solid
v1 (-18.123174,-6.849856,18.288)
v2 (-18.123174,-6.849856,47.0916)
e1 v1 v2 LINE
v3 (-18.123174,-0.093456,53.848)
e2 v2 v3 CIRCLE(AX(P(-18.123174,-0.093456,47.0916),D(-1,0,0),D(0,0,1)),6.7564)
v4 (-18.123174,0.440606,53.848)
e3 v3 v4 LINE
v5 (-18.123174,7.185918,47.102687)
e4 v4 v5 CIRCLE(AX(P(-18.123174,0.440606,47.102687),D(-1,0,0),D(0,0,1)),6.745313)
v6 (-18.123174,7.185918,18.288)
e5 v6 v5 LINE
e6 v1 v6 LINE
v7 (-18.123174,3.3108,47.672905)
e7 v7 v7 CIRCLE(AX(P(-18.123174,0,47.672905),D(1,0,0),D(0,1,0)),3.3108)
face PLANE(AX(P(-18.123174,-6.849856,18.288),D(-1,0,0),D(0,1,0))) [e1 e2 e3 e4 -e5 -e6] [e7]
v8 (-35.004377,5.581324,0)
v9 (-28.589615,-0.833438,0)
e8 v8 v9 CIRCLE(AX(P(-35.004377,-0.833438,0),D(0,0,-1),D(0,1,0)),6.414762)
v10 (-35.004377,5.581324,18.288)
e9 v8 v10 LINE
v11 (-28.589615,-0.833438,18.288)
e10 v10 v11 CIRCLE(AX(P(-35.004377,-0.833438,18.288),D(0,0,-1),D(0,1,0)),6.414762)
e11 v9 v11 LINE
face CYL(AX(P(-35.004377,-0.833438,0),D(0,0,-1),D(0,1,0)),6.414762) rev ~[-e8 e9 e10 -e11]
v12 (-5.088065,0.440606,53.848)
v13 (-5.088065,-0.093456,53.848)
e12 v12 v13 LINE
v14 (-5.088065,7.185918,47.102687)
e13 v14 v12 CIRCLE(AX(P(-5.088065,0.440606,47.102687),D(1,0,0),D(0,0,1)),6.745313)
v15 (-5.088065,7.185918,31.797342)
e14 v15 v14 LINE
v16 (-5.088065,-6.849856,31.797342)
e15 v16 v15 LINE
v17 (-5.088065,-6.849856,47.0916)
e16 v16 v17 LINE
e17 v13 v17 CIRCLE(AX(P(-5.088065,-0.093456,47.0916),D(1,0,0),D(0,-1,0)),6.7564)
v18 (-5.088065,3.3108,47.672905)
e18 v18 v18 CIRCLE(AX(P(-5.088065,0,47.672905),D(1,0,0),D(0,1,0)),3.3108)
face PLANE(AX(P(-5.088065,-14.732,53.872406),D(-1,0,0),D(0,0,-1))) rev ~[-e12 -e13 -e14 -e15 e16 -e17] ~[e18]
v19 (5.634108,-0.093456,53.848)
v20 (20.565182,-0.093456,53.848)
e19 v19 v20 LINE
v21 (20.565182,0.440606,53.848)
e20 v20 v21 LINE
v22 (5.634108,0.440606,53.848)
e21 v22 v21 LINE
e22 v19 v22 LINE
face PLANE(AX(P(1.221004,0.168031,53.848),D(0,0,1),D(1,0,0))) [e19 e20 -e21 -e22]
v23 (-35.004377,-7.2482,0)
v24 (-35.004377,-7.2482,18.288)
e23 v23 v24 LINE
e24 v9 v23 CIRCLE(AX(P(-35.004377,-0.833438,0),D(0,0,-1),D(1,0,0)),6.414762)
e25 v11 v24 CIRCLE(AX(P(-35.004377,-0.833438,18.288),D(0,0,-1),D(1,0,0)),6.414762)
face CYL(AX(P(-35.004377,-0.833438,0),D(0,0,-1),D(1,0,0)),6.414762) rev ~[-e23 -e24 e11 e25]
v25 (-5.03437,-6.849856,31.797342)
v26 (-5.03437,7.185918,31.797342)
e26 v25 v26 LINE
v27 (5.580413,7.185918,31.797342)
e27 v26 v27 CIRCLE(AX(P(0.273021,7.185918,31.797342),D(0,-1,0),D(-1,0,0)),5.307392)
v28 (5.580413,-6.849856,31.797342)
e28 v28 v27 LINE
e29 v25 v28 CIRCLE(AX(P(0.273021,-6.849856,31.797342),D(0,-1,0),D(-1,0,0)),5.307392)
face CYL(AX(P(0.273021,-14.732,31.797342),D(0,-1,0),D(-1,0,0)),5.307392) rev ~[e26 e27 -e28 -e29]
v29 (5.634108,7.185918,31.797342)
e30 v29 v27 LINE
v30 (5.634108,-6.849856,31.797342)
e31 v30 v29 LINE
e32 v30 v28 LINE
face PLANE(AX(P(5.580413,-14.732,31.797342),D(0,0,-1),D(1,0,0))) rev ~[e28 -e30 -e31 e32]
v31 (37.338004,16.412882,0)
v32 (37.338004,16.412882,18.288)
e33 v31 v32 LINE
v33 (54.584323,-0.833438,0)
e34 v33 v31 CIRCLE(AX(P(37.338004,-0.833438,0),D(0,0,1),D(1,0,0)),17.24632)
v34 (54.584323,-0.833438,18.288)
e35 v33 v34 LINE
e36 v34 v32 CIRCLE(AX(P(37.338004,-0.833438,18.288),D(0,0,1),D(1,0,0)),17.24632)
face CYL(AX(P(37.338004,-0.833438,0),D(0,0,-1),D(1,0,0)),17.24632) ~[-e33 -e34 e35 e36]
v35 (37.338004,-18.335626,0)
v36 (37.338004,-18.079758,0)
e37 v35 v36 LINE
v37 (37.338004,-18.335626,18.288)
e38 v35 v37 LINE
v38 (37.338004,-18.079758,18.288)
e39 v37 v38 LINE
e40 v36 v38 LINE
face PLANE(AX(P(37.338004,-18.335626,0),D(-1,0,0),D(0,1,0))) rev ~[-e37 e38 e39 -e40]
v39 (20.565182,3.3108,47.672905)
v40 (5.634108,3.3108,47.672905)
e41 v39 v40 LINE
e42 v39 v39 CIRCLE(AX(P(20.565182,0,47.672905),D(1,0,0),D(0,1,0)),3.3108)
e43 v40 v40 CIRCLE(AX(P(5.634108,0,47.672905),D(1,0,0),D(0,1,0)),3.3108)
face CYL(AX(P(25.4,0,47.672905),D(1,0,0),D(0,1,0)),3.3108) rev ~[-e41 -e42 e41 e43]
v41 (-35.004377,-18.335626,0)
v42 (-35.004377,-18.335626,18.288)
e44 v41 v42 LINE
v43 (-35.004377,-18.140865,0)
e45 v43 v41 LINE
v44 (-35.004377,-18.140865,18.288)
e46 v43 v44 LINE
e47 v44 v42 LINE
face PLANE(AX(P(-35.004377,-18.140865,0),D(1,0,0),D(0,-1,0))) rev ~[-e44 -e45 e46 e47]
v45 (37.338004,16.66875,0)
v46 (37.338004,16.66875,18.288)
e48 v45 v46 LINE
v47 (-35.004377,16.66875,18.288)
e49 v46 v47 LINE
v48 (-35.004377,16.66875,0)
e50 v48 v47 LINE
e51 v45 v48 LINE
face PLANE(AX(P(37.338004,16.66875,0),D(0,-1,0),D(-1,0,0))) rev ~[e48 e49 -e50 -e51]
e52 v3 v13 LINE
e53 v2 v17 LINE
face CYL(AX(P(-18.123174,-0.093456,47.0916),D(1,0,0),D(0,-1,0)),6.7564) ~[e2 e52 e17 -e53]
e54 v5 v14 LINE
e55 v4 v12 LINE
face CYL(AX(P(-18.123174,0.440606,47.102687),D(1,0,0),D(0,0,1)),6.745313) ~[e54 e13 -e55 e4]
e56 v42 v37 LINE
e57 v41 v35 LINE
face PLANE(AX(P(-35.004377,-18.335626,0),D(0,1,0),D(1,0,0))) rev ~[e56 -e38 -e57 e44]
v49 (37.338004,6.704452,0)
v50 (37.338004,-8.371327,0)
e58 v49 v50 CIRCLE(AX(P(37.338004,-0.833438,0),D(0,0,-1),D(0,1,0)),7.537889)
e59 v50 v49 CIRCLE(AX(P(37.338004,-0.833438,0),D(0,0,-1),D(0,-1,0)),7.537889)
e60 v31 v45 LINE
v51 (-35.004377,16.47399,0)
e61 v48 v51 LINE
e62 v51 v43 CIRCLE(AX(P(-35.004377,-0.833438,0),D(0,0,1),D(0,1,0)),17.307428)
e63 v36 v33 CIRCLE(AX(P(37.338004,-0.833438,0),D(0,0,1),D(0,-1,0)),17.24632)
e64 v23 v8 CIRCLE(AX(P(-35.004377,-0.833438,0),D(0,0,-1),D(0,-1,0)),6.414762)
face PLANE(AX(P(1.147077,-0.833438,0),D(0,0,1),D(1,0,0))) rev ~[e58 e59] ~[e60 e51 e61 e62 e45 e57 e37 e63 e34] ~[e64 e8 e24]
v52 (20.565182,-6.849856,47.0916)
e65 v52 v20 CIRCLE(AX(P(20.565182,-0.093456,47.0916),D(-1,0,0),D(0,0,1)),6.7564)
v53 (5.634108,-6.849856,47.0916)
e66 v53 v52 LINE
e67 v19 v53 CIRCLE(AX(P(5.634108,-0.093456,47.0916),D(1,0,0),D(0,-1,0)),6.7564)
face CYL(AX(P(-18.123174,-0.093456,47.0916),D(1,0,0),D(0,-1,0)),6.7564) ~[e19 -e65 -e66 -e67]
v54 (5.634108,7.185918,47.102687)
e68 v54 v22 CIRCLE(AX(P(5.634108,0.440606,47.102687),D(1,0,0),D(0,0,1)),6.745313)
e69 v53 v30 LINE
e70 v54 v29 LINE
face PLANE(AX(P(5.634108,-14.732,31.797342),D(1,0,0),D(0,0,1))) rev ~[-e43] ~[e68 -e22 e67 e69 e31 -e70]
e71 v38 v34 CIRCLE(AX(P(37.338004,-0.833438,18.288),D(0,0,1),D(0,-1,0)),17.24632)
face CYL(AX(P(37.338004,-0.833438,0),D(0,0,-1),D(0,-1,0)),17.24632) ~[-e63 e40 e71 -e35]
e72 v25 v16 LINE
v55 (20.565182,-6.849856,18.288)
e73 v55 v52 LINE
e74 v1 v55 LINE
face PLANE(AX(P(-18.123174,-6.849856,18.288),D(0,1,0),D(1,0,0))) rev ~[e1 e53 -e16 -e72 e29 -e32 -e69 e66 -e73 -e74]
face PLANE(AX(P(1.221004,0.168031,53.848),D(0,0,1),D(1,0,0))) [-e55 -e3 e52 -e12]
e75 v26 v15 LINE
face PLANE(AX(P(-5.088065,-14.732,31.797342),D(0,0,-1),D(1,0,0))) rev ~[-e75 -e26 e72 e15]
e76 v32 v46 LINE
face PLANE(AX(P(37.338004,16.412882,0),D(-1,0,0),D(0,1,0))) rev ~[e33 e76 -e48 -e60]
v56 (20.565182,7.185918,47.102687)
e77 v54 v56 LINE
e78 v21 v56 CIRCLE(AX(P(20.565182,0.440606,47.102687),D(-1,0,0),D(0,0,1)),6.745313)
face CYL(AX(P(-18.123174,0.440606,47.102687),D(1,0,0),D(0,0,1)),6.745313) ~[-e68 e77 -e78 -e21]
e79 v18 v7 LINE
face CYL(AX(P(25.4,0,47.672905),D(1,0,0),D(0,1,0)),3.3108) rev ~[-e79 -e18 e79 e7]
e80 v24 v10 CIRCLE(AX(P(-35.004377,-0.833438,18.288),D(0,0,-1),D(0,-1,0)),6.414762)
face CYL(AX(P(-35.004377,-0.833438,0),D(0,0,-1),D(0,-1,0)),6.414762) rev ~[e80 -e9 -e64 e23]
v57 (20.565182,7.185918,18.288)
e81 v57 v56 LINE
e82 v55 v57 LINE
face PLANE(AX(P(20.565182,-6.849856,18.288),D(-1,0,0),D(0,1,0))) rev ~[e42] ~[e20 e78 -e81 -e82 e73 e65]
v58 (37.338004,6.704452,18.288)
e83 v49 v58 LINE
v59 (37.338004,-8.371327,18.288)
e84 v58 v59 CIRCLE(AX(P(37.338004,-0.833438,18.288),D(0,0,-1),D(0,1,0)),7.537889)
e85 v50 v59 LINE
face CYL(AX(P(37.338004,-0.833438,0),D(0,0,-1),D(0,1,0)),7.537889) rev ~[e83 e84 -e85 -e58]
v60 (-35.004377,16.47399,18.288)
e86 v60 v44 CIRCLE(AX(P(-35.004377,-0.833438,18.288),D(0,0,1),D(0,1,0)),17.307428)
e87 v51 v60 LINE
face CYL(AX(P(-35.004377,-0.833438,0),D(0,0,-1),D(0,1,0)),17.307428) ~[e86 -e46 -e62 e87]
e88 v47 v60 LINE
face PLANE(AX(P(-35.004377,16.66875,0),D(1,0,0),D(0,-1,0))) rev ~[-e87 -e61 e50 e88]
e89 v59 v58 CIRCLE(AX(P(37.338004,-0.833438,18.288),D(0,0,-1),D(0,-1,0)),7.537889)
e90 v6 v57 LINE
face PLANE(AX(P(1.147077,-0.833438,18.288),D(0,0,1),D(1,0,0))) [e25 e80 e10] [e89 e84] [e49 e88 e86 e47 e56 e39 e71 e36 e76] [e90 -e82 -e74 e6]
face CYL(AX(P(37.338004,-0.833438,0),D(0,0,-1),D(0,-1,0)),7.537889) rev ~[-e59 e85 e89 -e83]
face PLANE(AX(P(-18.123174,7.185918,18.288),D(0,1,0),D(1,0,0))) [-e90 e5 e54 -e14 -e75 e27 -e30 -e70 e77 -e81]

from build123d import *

# Parameters (mm, degrees)
F1_DEPTH  = 18.288
F3_W      = 38.6883560568
F3_H      = 14.0357739292
F4_DEPTH  = 35.56
F5_R      = 6.7564
F6_R      = 6.7453126933
F9_DEPTH  = 51.562
F11_R     = 3.3108000024
F12_DEPTH = 139.954


with BuildPart() as f1:
    # F0 (on Top) → F1 (new body)
    with BuildSketch(Plane.XY):
        with BuildLine():
            Line((37.3380035162, 16.6687499732), (-35.0043773651, 16.6687499732))
            Line((-35.0043773651, 16.6687499732), (-35.0043773651, 16.4739897927))
            ThreePointArc((-35.0043773651, 16.4739897927), (-22.7661779649, 11.4047616221), (-17.6969497944, -0.8334377781))
            ThreePointArc((-17.6969497944, -0.8334377781), (-22.7661779649, -13.0716371782), (-35.0043773651, -18.1408653488))
            Line((-35.0043773651, -18.1408653488), (-35.0043773651, -18.3356255293))
            Line((-35.0043773651, -18.3356255293), (37.3380035162, -18.3356255293))
            Line((37.3380035162, -18.3356255293), (37.3380035162, -18.0797577525))
            ThreePointArc((37.3380035162, -18.0797577525), (20.0916835417, -0.8334377781), (37.3380035162, 16.4128821964))
            Line((37.3380035162, 16.4128821964), (37.3380035162, 16.6687499732))
        make_face()
        with BuildLine():
            ThreePointArc((54.5843234907, -0.8334377781), (49.5329933207, 11.3615520264), (37.3380035162, 16.4128821964))
            Line((37.3380035162, 16.4128821964), (37.3380035162, 6.7044516866))
            ThreePointArc((37.3380035162, 6.7044516866), (42.6680962725, 4.4966549783), (44.8758929809, -0.8334377781))
            ThreePointArc((44.8758929809, -0.8334377781), (42.6680962725, -6.1635305344), (37.3380035162, -8.3713272428))
            Line((37.3380035162, -8.3713272428), (37.3380035162, -18.0797577525))
            ThreePointArc((37.3380035162, -18.0797577525), (49.5329933207, -13.0284275825), (54.5843234907, -0.8334377781))
        make_face()
        with BuildLine():
            Line((-35.0043773651, 5.5813243756), (-35.0043773651, 16.4739897927))
            ThreePointArc((-35.0043773651, 16.4739897927), (-52.3118049358, -0.8334377781), (-35.0043773651, -18.1408653488))
            Line((-35.0043773651, -18.1408653488), (-35.0043773651, -7.2481999317))
            ThreePointArc((-35.0043773651, -7.2481999317), (-41.4191395188, -0.8334377781), (-35.0043773651, 5.5813243756))
        make_face()
        with BuildLine():
            ThreePointArc((-17.6969497944, -0.8334377781), (-22.7661779649, 11.4047616221), (-35.0043773651, 16.4739897927))
            Line((-35.0043773651, 16.4739897927), (-35.0043773651, 5.5813243756))
            ThreePointArc((-35.0043773651, 5.5813243756), (-30.4684555466, 3.7024840405), (-28.5896152114, -0.8334377781))
            ThreePointArc((-28.5896152114, -0.8334377781), (-30.4684555466, -5.3693595966), (-35.0043773651, -7.2481999317))
            Line((-35.0043773651, -7.2481999317), (-35.0043773651, -18.1408653488))
            ThreePointArc((-35.0043773651, -18.1408653488), (-22.7661779649, -13.0716371782), (-17.6969497944, -0.8334377781))
        make_face()
        with BuildLine():
            Line((37.3380035162, 6.7044516866), (37.3380035162, 16.4128821964))
            ThreePointArc((37.3380035162, 16.4128821964), (20.0916835417, -0.8334377781), (37.3380035162, -18.0797577525))
            Line((37.3380035162, -18.0797577525), (37.3380035162, -8.3713272428))
            ThreePointArc((37.3380035162, -8.3713272428), (29.8001140515, -0.8334377781), (37.3380035162, 6.7044516866))
        make_face()
    extrude(amount=F1_DEPTH)

    # F3 (on offset) → F4 (join)
    with BuildSketch(Plane.XY.offset(18.288)):
        with Locations((1.2210039422, 0.1680313144)):
            Rectangle(F3_W, F3_H)
    extrude(amount=F4_DEPTH)

    # F5
    f5_edges = [f1.edges().sort_by_distance(p)[0] for p in [
        (1.221004, -6.849856, 53.848),
    ]]
    fillet(f5_edges, radius=F5_R)

    # F6
    f6_edges = [f1.edges().sort_by_distance(p)[0] for p in [
        (1.221004, 7.185918, 53.848),
    ]]
    fillet(f6_edges, radius=F6_R)

    # F8 (on offset) → F9 (cut)
    with BuildSketch(Plane.XZ.offset(14.732)):
        with BuildLine():
            Line((5.6341080926, 53.8724064827), (-5.0880652852, 53.8724064827))
            Line((-5.0880652852, 53.8724064827), (-5.0880652852, 31.7973420024))
            Line((-5.0880652852, 31.7973420024), (-5.034370235, 31.7973420024))
            ThreePointArc((-5.034370235, 31.7973420024), (0.2730214037, 37.1047336411), (5.5804130424, 31.7973420024))
            Line((5.5804130424, 31.7973420024), (5.6341080926, 31.7973420024))
            Line((5.6341080926, 31.7973420024), (5.6341080926, 53.8724064827))
        make_face()
        with BuildLine():
            ThreePointArc((5.5804130424, 31.7973420024), (0.2730214037, 37.1047336411), (-5.034370235, 31.7973420024))
            Line((-5.034370235, 31.7973420024), (5.5804130424, 31.7973420024))
        make_face()
        with BuildLine():
            Line((5.5804130424, 31.7973420024), (-5.034370235, 31.7973420024))
            ThreePointArc((-5.034370235, 31.7973420024), (0.2730214037, 26.4899503636), (5.5804130424, 31.7973420024))
        make_face()
    extrude(amount=-F9_DEPTH, mode=Mode.SUBTRACT)

    # F11 (on offset) → F12 (cut)
    with BuildSketch(Plane.YZ.offset(25.4)):
        with Locations((0, 47.6729050279)):
            Circle(F11_R)
    extrude(amount=-F12_DEPTH, mode=Mode.SUBTRACT)


solid = f1.part
